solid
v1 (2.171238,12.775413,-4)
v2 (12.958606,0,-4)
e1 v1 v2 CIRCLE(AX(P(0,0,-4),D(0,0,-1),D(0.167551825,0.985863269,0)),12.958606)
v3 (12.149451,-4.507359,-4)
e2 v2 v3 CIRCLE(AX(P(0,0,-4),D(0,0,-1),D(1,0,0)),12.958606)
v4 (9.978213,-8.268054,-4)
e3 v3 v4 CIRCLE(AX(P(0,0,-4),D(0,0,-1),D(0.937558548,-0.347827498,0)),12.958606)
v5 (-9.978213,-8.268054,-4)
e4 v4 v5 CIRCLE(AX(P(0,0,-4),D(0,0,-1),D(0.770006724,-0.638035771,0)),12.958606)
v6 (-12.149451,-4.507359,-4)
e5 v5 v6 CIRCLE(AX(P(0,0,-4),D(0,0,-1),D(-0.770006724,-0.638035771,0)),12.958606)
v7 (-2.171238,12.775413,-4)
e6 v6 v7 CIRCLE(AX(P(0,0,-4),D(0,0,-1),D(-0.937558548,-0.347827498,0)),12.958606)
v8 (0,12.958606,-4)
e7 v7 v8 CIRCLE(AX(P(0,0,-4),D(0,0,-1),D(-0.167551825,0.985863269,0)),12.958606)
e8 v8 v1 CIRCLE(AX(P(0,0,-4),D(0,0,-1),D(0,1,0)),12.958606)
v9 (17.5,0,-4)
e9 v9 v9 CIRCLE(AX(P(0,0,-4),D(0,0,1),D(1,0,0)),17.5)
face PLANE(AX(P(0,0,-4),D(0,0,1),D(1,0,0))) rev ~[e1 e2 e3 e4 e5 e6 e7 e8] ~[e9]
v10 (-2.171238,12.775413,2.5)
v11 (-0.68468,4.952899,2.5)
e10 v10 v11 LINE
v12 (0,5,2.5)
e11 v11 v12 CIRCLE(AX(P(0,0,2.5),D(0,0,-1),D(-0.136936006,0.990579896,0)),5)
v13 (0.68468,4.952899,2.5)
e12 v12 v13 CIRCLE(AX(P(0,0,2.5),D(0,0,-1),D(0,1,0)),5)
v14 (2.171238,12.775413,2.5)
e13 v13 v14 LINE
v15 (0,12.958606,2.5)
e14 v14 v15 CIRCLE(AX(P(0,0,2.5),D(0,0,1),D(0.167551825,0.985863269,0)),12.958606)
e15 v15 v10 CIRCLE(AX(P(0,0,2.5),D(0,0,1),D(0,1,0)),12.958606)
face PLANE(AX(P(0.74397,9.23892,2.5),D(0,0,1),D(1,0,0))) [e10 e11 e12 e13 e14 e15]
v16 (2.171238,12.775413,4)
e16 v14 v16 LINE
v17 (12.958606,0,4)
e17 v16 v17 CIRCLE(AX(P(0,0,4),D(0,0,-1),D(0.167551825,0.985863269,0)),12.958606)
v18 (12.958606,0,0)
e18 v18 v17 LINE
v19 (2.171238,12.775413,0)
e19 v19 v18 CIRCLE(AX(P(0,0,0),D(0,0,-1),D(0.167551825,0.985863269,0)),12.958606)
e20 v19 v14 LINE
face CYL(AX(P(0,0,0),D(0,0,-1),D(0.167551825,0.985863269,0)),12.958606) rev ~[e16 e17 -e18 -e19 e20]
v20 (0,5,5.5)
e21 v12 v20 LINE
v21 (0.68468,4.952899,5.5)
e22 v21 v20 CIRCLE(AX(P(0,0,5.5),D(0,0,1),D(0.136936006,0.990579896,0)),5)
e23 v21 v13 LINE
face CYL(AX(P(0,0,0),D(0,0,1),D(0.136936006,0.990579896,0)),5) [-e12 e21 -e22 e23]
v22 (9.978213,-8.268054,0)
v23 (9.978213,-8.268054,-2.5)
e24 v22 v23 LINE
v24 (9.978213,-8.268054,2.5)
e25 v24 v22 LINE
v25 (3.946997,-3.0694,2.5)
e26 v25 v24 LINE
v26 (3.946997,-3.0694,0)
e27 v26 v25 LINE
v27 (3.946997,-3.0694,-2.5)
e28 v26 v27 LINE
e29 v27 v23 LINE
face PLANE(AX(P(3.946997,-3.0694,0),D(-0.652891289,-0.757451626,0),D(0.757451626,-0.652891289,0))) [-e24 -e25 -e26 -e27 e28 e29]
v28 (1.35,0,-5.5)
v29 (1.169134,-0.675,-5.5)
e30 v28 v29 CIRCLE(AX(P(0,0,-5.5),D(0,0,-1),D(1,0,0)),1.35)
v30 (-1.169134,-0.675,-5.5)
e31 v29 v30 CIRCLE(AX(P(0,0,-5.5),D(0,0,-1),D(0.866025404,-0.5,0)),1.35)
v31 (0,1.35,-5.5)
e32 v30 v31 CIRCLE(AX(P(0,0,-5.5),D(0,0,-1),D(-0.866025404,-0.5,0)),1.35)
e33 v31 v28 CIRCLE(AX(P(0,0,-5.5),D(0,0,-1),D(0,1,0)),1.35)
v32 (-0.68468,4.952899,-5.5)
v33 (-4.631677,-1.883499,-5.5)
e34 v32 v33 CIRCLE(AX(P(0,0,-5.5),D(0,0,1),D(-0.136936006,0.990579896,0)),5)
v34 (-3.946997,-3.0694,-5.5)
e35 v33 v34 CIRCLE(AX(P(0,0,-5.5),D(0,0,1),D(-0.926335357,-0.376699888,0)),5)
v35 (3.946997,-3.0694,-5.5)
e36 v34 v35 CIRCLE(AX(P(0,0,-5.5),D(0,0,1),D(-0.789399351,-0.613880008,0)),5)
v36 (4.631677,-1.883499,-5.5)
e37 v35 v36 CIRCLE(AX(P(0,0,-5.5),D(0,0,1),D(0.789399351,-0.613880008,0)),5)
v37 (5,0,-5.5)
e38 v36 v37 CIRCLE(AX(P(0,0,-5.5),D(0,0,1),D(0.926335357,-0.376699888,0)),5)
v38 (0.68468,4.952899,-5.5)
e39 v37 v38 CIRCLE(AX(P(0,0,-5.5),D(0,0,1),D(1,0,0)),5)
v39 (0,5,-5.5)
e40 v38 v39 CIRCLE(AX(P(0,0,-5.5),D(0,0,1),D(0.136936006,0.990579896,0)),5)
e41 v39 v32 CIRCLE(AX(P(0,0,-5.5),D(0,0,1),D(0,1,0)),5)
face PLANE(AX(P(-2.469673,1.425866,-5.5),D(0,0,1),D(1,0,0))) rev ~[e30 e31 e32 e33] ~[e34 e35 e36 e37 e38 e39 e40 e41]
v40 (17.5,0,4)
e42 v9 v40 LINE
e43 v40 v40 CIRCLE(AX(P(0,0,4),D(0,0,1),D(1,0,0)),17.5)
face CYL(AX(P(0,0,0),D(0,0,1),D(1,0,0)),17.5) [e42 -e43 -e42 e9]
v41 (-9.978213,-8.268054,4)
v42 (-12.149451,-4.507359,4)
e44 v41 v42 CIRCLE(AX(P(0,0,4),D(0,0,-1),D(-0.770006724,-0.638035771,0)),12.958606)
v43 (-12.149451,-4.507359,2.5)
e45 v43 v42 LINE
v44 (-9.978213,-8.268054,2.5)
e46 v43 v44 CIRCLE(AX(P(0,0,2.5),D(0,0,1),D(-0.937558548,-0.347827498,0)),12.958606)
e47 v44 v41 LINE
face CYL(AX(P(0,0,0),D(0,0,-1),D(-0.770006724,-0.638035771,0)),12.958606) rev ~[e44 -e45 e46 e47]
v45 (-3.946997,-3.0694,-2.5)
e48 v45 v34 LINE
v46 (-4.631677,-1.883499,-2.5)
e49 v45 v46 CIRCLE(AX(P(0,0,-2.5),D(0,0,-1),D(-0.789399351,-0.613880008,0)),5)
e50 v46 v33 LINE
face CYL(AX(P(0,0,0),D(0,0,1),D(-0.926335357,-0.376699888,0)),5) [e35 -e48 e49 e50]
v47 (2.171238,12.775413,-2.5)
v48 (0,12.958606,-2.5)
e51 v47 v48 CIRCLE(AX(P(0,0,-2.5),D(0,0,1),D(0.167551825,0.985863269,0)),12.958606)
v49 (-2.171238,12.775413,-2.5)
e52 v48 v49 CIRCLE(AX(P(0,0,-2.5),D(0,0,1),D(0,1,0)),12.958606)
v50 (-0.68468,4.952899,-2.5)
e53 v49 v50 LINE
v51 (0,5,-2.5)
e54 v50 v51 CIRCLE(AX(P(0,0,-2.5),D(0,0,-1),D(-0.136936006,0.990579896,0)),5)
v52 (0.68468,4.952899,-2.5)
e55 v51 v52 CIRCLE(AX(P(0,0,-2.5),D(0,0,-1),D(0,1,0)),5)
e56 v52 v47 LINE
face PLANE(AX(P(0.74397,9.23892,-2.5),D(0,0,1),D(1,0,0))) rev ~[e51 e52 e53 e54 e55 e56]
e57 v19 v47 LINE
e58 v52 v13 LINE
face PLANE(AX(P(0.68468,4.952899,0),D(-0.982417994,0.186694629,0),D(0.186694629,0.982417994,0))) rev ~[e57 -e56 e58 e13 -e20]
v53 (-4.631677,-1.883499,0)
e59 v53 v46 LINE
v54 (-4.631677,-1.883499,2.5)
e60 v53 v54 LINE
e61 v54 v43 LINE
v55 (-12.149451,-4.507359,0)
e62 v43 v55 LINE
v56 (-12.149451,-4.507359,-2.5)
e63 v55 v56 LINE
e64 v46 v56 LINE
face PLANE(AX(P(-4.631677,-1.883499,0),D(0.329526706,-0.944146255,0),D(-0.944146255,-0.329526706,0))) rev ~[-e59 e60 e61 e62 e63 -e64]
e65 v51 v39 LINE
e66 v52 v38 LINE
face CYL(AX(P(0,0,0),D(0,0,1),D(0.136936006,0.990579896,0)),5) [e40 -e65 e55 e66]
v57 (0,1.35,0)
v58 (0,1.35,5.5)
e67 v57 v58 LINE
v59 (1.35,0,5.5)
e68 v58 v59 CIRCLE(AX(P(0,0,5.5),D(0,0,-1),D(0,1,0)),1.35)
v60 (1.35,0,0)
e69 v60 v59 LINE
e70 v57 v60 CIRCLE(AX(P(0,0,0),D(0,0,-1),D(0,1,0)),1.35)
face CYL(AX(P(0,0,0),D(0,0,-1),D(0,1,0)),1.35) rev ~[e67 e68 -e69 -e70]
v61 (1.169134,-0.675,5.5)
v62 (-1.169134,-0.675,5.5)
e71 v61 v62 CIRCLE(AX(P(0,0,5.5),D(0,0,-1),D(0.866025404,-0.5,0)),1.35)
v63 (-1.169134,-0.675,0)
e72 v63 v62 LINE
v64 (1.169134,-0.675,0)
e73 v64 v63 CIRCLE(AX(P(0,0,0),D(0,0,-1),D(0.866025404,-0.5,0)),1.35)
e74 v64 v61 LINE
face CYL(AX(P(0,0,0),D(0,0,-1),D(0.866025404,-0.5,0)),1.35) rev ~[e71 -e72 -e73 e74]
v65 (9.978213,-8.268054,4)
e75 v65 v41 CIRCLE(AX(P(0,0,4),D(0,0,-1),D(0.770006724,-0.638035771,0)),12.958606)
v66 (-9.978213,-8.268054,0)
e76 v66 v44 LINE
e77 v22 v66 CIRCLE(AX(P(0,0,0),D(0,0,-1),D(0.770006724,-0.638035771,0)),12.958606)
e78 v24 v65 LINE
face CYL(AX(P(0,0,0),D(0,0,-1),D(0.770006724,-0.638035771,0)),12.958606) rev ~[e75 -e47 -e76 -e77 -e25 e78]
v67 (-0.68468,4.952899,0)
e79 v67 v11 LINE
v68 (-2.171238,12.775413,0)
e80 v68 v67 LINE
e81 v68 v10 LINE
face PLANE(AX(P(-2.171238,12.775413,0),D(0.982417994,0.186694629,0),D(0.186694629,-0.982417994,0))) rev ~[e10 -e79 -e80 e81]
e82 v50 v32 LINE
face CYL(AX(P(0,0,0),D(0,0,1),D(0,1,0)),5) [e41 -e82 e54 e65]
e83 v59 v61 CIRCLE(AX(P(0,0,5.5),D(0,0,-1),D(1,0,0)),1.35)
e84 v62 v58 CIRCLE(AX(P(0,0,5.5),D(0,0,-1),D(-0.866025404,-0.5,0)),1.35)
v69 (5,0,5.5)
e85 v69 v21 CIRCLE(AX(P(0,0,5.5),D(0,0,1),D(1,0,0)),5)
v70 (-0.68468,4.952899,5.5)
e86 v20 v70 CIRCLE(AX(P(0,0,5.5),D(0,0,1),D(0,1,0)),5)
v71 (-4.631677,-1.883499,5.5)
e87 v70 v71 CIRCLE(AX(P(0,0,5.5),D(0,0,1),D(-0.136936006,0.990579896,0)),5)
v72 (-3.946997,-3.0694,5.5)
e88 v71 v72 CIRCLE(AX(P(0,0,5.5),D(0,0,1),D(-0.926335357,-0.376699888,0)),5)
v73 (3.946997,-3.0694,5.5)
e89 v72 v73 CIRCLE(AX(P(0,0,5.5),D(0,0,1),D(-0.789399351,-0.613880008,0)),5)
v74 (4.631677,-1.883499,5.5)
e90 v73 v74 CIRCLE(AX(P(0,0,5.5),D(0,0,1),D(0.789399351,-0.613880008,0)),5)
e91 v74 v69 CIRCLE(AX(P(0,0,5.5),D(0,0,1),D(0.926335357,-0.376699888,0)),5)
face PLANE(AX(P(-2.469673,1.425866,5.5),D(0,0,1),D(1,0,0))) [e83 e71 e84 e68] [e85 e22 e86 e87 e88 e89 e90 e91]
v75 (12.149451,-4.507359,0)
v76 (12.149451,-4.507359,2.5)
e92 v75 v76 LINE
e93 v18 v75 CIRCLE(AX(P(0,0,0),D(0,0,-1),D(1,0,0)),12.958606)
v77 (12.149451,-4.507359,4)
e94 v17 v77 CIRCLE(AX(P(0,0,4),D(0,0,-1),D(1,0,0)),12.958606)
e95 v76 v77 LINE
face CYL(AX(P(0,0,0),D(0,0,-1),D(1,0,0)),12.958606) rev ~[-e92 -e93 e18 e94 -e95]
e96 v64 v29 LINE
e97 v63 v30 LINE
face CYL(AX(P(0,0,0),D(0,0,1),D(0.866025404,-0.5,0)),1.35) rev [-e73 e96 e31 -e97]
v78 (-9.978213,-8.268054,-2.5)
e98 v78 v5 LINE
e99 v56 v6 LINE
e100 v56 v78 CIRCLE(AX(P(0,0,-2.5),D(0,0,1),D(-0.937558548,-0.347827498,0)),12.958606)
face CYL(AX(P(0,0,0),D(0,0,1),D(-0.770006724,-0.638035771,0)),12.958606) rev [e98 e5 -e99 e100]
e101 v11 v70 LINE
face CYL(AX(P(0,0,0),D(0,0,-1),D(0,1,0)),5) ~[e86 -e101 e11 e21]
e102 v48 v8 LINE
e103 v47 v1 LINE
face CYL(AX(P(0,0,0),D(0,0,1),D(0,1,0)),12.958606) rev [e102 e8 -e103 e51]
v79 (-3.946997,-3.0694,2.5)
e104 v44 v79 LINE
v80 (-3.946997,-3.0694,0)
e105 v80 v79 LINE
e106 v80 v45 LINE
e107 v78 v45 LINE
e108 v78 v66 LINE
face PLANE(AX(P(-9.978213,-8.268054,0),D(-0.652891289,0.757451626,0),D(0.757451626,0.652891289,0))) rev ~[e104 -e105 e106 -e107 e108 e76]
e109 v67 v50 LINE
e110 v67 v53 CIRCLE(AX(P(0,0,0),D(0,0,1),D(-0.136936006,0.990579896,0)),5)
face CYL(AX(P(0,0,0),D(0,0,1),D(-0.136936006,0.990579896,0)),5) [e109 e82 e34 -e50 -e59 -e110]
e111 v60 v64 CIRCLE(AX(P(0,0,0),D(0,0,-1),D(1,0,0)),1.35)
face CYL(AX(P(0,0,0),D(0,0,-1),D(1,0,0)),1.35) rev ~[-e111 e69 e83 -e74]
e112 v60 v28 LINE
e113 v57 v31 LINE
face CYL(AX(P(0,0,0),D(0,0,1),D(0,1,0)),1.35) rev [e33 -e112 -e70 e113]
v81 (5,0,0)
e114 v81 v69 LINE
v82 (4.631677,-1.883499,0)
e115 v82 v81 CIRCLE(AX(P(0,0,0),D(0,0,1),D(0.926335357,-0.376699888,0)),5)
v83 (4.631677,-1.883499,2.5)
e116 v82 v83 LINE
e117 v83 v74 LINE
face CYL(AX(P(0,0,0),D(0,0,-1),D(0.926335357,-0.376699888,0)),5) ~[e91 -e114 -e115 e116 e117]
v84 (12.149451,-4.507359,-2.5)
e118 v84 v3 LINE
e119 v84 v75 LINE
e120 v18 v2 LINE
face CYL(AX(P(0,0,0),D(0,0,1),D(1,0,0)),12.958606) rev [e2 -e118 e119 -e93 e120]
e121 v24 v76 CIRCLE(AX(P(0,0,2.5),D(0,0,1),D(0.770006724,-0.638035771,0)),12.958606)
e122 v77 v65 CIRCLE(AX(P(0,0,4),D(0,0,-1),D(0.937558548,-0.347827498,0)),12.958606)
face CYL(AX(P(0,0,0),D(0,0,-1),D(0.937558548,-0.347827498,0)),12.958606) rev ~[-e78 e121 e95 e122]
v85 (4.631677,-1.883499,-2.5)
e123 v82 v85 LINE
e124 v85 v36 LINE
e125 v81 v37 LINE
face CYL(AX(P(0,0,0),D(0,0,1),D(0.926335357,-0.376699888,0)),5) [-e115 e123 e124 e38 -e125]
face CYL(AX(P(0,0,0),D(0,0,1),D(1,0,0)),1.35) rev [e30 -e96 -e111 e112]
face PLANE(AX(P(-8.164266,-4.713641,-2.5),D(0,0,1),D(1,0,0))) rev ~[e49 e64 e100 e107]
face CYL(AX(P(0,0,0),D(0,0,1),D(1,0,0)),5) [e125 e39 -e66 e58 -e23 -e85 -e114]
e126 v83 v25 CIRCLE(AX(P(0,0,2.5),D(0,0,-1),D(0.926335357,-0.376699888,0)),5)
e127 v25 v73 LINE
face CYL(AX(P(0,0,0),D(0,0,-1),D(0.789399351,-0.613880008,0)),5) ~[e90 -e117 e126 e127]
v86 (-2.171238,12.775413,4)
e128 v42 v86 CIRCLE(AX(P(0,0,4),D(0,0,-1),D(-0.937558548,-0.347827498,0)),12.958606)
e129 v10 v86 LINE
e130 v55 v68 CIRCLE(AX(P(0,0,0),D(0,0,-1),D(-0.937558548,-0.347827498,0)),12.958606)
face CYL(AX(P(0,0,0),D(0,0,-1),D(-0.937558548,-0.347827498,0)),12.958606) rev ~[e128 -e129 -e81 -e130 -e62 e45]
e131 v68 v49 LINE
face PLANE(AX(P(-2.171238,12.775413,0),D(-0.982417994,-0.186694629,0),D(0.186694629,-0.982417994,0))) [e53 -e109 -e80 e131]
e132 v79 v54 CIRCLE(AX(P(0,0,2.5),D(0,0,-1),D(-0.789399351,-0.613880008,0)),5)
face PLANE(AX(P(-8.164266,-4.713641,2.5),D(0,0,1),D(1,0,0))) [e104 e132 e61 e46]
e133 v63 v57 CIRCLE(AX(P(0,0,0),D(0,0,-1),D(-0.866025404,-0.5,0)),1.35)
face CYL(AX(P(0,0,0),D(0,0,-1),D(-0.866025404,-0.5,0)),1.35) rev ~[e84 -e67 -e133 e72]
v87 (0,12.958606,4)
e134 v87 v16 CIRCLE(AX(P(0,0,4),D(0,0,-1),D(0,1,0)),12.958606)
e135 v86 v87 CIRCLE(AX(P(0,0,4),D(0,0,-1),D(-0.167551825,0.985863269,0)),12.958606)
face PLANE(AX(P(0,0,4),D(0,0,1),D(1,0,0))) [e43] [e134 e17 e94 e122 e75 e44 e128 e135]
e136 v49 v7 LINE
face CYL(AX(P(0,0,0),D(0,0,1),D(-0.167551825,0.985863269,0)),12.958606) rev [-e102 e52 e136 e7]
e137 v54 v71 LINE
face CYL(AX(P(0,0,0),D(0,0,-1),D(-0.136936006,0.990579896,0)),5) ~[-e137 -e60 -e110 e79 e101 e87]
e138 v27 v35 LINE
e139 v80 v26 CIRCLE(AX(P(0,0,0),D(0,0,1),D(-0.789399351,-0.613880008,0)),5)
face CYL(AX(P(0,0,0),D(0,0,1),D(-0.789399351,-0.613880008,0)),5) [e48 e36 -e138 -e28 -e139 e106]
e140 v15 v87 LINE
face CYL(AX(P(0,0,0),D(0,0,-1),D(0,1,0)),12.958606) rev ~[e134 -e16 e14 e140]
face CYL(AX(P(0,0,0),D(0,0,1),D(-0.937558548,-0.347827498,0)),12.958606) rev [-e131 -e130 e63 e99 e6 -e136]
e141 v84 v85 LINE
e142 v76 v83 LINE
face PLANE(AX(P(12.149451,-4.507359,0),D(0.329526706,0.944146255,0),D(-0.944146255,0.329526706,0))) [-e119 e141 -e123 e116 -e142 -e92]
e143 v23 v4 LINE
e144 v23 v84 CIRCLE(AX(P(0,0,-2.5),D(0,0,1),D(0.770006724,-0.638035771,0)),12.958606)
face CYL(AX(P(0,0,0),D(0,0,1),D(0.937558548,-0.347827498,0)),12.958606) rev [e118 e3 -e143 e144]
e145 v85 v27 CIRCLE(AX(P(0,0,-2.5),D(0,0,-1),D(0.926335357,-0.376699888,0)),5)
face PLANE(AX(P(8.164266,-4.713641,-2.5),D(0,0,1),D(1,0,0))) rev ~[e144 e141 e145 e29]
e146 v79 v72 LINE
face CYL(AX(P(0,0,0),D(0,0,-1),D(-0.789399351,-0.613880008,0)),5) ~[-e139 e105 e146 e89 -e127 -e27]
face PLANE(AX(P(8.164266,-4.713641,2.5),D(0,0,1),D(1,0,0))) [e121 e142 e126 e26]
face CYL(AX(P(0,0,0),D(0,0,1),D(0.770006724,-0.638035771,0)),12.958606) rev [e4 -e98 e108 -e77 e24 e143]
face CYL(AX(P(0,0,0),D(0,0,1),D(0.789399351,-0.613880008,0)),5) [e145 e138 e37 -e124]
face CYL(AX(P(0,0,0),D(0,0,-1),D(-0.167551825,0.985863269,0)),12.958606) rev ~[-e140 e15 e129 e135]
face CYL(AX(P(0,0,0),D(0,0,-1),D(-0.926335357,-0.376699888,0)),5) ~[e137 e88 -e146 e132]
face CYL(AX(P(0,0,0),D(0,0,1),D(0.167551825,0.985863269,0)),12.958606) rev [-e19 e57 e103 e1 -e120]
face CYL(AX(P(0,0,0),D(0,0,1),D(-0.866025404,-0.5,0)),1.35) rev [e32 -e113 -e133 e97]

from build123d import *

# Parameters (mm, degrees)
F1_DEPTH = 5.5
F2_DEPTH = 2.5
F0_R     = 17.5
F3_DEPTH = 4


with BuildPart() as f1:
    # F0 (on Top) → F1 (new body, symmetric)
    with BuildSketch(Plane.XY):
        with BuildLine():
            ThreePointArc((-1.1691342951, -0.675), (-1.1691342951, 0.675), (0, 1.35))
            Line((0, 1.35), (-0.6846800298, 4.9528994798))
            ThreePointArc((-0.6846800298, 4.9528994798), (-4.3301270189, 2.5), (-4.6316767868, -1.8834994406))
            Line((-4.6316767868, -1.8834994406), (-1.1691342951, -0.675))
        make_face()
        with BuildLine():
            Line((-3.946996757, -3.0694000392), (-1.1691342951, -0.675))
            Line((-1.1691342951, -0.675), (-4.6316767868, -1.8834994406))
            ThreePointArc((-4.6316767868, -1.8834994406), (-4.3301270189, -2.5), (-3.946996757, -3.0694000392))
        make_face()
        with BuildLine():
            ThreePointArc((-3.946996757, -3.0694000392), (0, -5), (3.946996757, -3.0694000392))
            Line((3.946996757, -3.0694000392), (1.1691342951, -0.675))
            ThreePointArc((1.1691342951, -0.675), (0, -1.35), (-1.1691342951, -0.675))
            Line((-1.1691342951, -0.675), (-3.946996757, -3.0694000392))
        make_face()
        with BuildLine():
            ThreePointArc((5, 0), (3.7698408553, 3.284554753), (0.6846800298, 4.9528994798))
            Line((0.6846800298, 4.9528994798), (0, 1.35))
            ThreePointArc((0, 1.35), (0.9545941546, 0.9545941546), (1.35, 0))
            ThreePointArc((1.35, 0), (1.3039998655, -0.3494057109), (1.1691342951, -0.675))
            Line((1.1691342951, -0.675), (4.6316767868, -1.8834994406))
            ThreePointArc((4.6316767868, -1.8834994406), (4.9070553254, -0.9595874286), (5, 0))
        make_face()
        with BuildLine():
            ThreePointArc((3.946996757, -3.0694000392), (4.3301270189, -2.5), (4.6316767868, -1.8834994406))
            Line((4.6316767868, -1.8834994406), (1.1691342951, -0.675))
            Line((1.1691342951, -0.675), (3.946996757, -3.0694000392))
        make_face()
        with BuildLine():
            Line((0, 1.35), (0.6846800298, 4.9528994798))
            ThreePointArc((0.6846800298, 4.9528994798), (0.3431490938, 4.9882109718), (0, 5))
            Line((0, 5), (0, 1.35))
        make_face()
        with BuildLine():
            Line((0, 1.35), (0, 5))
            ThreePointArc((0, 5), (-0.3431490938, 4.9882109718), (-0.6846800298, 4.9528994798))
            Line((-0.6846800298, 4.9528994798), (0, 1.35))
        make_face()
    extrude(amount=F1_DEPTH, both=True)

    # F0 (on Top) → F2 (join, symmetric)
    with BuildSketch(Plane.XY):
        with BuildLine():
            Line((0.6846800298, 4.9528994798), (2.1712380216, 12.775413329))
            ThreePointArc((2.1712380216, 12.775413329), (1.089476247, 12.9127263497), (0, 12.9586056455))
            Line((0, 12.9586056455), (0, 5))
            ThreePointArc((0, 5), (0.3431490938, 4.9882109718), (0.6846800298, 4.9528994798))
        make_face()
        with BuildLine():
            Line((0, 5), (0, 12.9586056455))
            ThreePointArc((0, 12.9586056455), (-1.089476247, 12.9127263497), (-2.1712380216, 12.775413329))
            Line((-2.1712380216, 12.775413329), (-0.6846800298, 4.9528994798))
            ThreePointArc((-0.6846800298, 4.9528994798), (-0.3431490938, 4.9882109718), (0, 5))
        make_face()
        with BuildLine():
            ThreePointArc((-12.1494514976, -4.5073593802), (-11.2224816866, -6.4793028227), (-9.978213476, -8.2680539489))
            Line((-9.978213476, -8.2680539489), (-3.946996757, -3.0694000392))
            ThreePointArc((-3.946996757, -3.0694000392), (-4.3301270189, -2.5), (-4.6316767868, -1.8834994406))
            Line((-4.6316767868, -1.8834994406), (-12.1494514976, -4.5073593802))
        make_face()
        with BuildLine():
            ThreePointArc((9.978213476, -8.2680539489), (11.2224816866, -6.4793028227), (12.1494514976, -4.5073593802))
            Line((12.1494514976, -4.5073593802), (4.6316767868, -1.8834994406))
            ThreePointArc((4.6316767868, -1.8834994406), (4.3301270189, -2.5), (3.946996757, -3.0694000392))
            Line((3.946996757, -3.0694000392), (9.978213476, -8.2680539489))
        make_face()
    extrude(amount=F2_DEPTH, both=True)

    # F0 (on Top) → F3 (join, symmetric)
    with BuildSketch(Plane.XY):
        Circle(F0_R)
        with BuildLine():
            ThreePointArc((2.1712380216, 12.775413329), (9.9010524077, 8.3603003233), (12.9586056455, 0))
            ThreePointArc((12.9586056455, 0), (12.7547130709, -2.2897062594), (12.1494514976, -4.5073593802))
            ThreePointArc((12.1494514976, -4.5073593802), (11.2224816866, -6.4793028227), (9.978213476, -8.2680539489))
            ThreePointArc((9.978213476, -8.2680539489), (0, -12.9586056455), (-9.978213476, -8.2680539489))
            ThreePointArc((-9.978213476, -8.2680539489), (-11.2224816866, -6.4793028227), (-12.1494514976, -4.5073593802))
            ThreePointArc((-12.1494514976, -4.5073593802), (-11.2224816866, 6.4793028227), (-2.1712380216, 12.775413329))
            ThreePointArc((-2.1712380216, 12.775413329), (-1.089476247, 12.9127263497), (0, 12.9586056455))
            ThreePointArc((0, 12.9586056455), (1.089476247, 12.9127263497), (2.1712380216, 12.775413329))
        make_face(mode=Mode.SUBTRACT)
    extrude(amount=F3_DEPTH, both=True)


solid = f1.part
